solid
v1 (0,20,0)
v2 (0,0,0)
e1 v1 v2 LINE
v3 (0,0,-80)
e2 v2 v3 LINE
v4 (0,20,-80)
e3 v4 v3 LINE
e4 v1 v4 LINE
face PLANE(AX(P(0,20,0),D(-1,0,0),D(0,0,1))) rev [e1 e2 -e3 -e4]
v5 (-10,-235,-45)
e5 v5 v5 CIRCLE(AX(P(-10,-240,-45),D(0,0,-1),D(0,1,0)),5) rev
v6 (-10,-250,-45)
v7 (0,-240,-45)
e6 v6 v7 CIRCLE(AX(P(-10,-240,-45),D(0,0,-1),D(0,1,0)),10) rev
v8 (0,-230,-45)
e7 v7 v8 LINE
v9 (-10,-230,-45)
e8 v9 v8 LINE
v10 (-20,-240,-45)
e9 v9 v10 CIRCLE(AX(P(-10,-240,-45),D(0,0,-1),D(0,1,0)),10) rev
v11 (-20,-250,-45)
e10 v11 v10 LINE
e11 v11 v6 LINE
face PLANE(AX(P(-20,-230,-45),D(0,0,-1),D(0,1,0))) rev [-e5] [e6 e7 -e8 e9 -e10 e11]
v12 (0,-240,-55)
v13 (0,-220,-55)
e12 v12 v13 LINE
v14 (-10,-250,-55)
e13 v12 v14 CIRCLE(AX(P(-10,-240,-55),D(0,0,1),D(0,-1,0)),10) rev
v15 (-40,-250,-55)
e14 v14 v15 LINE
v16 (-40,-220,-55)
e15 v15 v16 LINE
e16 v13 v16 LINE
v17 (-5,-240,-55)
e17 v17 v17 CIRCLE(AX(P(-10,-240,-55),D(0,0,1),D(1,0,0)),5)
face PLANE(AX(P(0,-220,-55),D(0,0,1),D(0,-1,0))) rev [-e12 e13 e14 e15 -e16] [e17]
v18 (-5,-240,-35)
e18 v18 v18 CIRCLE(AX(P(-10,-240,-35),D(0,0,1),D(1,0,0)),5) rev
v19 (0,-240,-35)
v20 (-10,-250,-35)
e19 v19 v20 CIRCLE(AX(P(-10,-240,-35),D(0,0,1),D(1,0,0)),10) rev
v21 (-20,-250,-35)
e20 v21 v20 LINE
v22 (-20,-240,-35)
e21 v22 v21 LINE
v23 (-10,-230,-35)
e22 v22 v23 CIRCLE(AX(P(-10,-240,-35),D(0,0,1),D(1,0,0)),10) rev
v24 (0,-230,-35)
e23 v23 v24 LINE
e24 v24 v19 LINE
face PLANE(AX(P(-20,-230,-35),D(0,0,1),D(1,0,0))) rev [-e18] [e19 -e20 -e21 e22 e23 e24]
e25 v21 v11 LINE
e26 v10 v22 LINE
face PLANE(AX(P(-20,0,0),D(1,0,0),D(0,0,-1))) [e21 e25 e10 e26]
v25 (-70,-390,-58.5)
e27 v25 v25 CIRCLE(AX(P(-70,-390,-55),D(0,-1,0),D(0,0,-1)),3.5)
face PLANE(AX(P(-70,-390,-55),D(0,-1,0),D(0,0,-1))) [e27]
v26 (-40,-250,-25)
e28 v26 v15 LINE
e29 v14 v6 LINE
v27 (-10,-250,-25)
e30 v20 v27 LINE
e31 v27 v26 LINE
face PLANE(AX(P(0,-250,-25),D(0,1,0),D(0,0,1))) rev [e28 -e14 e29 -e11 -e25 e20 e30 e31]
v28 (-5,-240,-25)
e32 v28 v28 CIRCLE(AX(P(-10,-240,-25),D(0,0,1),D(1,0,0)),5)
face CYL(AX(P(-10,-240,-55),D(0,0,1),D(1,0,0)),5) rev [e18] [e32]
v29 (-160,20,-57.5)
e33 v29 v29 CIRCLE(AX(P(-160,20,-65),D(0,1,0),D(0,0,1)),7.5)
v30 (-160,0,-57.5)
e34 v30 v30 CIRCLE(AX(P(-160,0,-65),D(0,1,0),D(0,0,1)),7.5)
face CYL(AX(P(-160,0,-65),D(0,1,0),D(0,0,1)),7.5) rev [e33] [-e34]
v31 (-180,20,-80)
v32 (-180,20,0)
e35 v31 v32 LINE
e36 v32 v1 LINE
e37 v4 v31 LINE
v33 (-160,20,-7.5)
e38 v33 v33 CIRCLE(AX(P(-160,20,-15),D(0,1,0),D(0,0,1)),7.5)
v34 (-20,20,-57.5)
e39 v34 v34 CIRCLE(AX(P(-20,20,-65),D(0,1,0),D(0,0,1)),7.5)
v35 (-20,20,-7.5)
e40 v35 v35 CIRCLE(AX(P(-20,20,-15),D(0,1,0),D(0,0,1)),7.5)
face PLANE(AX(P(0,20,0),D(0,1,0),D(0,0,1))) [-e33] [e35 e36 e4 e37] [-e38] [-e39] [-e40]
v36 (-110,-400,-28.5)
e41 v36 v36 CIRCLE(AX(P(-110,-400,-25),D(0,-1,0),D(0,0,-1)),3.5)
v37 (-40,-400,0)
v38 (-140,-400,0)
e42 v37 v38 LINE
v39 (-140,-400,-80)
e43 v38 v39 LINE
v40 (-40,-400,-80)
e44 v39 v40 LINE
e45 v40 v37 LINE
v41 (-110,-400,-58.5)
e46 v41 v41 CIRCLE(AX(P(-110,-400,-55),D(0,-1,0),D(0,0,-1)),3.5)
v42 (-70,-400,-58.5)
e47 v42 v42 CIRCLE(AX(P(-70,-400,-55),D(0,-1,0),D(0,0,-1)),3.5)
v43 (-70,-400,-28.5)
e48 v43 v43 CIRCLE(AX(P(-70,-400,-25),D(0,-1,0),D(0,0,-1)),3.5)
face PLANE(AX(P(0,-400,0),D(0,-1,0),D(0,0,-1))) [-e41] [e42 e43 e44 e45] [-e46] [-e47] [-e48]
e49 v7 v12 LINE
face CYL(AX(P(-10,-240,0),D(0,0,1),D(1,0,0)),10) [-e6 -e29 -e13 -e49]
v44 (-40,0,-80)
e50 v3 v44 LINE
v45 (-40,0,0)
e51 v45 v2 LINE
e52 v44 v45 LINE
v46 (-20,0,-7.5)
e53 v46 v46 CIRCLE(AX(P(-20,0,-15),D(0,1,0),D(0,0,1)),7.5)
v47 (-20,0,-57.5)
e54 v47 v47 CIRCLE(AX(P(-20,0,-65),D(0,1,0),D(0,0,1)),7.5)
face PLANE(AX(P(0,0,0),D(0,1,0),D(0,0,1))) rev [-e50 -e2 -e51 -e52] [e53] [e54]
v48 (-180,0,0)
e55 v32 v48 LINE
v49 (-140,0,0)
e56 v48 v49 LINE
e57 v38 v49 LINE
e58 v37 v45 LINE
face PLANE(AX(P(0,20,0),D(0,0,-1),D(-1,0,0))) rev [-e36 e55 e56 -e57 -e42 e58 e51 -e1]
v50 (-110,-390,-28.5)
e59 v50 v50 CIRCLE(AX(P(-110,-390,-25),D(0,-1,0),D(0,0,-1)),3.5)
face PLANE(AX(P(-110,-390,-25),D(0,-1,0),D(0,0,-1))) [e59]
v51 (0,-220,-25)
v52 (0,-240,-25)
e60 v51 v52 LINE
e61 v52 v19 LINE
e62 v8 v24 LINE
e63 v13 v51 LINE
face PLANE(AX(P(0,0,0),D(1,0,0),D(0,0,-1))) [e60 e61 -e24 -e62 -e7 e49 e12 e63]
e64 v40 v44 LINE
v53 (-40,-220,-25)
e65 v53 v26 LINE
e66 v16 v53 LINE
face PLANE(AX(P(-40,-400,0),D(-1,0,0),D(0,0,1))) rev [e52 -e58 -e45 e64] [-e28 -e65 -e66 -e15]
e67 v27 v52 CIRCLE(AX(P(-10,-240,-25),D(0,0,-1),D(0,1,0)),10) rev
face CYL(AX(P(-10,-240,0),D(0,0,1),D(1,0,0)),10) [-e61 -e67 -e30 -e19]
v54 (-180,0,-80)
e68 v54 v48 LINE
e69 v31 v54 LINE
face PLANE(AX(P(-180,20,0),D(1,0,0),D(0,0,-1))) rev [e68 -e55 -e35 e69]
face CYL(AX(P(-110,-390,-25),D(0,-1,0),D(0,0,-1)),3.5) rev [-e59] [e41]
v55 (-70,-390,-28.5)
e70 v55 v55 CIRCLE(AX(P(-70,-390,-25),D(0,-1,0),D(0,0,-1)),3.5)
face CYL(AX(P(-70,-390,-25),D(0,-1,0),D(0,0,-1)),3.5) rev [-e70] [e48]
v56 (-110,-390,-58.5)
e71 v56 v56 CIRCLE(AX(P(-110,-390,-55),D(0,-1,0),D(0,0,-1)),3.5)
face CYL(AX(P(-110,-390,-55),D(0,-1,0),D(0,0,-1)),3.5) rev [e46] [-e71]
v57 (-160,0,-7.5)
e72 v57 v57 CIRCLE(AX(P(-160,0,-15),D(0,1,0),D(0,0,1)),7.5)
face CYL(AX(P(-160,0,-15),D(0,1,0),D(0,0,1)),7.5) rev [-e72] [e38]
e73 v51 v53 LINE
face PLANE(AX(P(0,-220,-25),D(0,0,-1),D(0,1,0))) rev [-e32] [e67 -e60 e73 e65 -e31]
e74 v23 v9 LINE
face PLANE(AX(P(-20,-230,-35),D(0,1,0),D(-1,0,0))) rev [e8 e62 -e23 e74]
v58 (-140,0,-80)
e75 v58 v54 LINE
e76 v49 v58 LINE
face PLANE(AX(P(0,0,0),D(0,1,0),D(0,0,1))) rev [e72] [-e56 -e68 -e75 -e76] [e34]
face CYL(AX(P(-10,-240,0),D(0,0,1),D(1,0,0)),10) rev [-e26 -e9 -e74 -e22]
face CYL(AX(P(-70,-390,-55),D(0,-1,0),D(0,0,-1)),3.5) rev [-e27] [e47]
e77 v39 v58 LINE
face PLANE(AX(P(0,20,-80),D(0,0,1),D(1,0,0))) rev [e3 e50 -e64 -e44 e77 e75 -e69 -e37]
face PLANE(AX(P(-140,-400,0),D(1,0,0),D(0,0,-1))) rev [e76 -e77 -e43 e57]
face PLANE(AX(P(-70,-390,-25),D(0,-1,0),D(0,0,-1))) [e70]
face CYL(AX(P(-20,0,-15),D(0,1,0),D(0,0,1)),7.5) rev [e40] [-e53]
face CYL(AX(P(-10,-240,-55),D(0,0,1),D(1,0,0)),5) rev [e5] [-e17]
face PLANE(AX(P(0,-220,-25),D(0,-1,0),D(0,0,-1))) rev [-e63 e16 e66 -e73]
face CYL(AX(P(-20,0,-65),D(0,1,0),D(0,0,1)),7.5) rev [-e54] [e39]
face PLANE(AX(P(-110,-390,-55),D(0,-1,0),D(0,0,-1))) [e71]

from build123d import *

# Parameters (mm, degrees)
SKETCH1_W           = 180
SKETCH1_H           = 80
BOSS_EXTRUDE1_DEPTH = 20
SKETCH2_R           = 7.5
CUT_EXTRUDE1_DEPTH  = 198.989898732
SKETCH3_W           = 100
SKETCH3_H           = 80
BOSS_EXTRUDE2_DEPTH = 400
SKETCH4_R           = 3.5
CUT_EXTRUDE2_DEPTH  = 10
SKETCH12_W          = 30
SKETCH12_H          = 30
BOSS_EXTRUDE6_DEPTH = 40
SKETCH13_R          = 5
CUT_EXTRUDE7_DEPTH  = 30
SKETCH14_W          = 10
SKETCH14_H          = 20
CUT_EXTRUDE8_DEPTH  = 20
FILLET4_R           = 10


with BuildPart() as part:
    # Sketch1 → Boss-Extrude1 (new body)
    with BuildSketch(Plane(origin=(0, 0, 0), x_dir=(1, 0, 0), z_dir=(0, 1, 0))):
        with Locations((-90, 40)):
            Rectangle(SKETCH1_W, SKETCH1_H)
    extrude(amount=BOSS_EXTRUDE1_DEPTH)

    # Sketch2 → Cut-Extrude1 (cut, through all)
    with BuildSketch(Plane(origin=(0, 20, 0), x_dir=(1, 0, 0), z_dir=(0, 1, 0))):
        with Locations(Location((-160, 65, 0), (0, 0, 270))):
            Circle(SKETCH2_R)
        with Locations(Location((-160, 15, 0), (0, 0, 270))):
            Circle(SKETCH2_R)
        with Locations(Location((-20, 65, 0), (0, 0, 270))):
            Circle(SKETCH2_R)
        with Locations(Location((-20, 15, 0), (0, 0, 270))):
            Circle(SKETCH2_R)
    extrude(amount=-CUT_EXTRUDE1_DEPTH, mode=Mode.SUBTRACT)

    # Sketch3 → Boss-Extrude2 (add)
    with BuildSketch(Plane.XZ):
        with Locations((-90, -40)):
            Rectangle(SKETCH3_W, SKETCH3_H)
    extrude(amount=BOSS_EXTRUDE2_DEPTH)

    # Sketch4 → Cut-Extrude2 (cut)
    with BuildSketch(Plane.XZ.offset(400)):
        with Locations(Location((-110, -25, 0), (0, 0, 270))):
            Circle(SKETCH4_R)
        with Locations(Location((-70, -25, 0), (0, 0, 270))):
            Circle(SKETCH4_R)
        with Locations(Location((-110, -55, 0), (0, 0, 270))):
            Circle(SKETCH4_R)
        with Locations(Location((-70, -55, 0), (0, 0, 270))):
            Circle(SKETCH4_R)
    extrude(amount=-CUT_EXTRUDE2_DEPTH, mode=Mode.SUBTRACT)

    # Sketch12 → Boss-Extrude6 (add)
    with BuildSketch(Plane(origin=(-40, 0, 0), x_dir=(0, 0, -1), z_dir=(1, 0, 0))):
        with Locations((40, -235)):
            Rectangle(SKETCH12_W, SKETCH12_H)
    extrude(amount=BOSS_EXTRUDE6_DEPTH)

    # Sketch13 → Cut-Extrude7 (cut)
    with BuildSketch(Plane.XY.offset(-25)):
        with Locations((-10, -240)):
            Circle(SKETCH13_R)
    extrude(amount=-CUT_EXTRUDE7_DEPTH, mode=Mode.SUBTRACT)

    # Sketch14 → Cut-Extrude8 (cut)
    with BuildSketch(Plane(origin=(0, 0, 0), x_dir=(0, 0, -1), z_dir=(1, 0, 0))):
        with Locations((40, -240)):
            Rectangle(SKETCH14_W, SKETCH14_H)
    extrude(amount=-CUT_EXTRUDE8_DEPTH, mode=Mode.SUBTRACT)

    # Fillet4
    fillet4_edges = [part.edges().sort_by_distance(p)[0] for p in [
        (0, -250, -30),
        (0, -250, -50),
        (-20, -230, -40),
    ]]
    fillet(fillet4_edges, radius=FILLET4_R)


solid = part.part
